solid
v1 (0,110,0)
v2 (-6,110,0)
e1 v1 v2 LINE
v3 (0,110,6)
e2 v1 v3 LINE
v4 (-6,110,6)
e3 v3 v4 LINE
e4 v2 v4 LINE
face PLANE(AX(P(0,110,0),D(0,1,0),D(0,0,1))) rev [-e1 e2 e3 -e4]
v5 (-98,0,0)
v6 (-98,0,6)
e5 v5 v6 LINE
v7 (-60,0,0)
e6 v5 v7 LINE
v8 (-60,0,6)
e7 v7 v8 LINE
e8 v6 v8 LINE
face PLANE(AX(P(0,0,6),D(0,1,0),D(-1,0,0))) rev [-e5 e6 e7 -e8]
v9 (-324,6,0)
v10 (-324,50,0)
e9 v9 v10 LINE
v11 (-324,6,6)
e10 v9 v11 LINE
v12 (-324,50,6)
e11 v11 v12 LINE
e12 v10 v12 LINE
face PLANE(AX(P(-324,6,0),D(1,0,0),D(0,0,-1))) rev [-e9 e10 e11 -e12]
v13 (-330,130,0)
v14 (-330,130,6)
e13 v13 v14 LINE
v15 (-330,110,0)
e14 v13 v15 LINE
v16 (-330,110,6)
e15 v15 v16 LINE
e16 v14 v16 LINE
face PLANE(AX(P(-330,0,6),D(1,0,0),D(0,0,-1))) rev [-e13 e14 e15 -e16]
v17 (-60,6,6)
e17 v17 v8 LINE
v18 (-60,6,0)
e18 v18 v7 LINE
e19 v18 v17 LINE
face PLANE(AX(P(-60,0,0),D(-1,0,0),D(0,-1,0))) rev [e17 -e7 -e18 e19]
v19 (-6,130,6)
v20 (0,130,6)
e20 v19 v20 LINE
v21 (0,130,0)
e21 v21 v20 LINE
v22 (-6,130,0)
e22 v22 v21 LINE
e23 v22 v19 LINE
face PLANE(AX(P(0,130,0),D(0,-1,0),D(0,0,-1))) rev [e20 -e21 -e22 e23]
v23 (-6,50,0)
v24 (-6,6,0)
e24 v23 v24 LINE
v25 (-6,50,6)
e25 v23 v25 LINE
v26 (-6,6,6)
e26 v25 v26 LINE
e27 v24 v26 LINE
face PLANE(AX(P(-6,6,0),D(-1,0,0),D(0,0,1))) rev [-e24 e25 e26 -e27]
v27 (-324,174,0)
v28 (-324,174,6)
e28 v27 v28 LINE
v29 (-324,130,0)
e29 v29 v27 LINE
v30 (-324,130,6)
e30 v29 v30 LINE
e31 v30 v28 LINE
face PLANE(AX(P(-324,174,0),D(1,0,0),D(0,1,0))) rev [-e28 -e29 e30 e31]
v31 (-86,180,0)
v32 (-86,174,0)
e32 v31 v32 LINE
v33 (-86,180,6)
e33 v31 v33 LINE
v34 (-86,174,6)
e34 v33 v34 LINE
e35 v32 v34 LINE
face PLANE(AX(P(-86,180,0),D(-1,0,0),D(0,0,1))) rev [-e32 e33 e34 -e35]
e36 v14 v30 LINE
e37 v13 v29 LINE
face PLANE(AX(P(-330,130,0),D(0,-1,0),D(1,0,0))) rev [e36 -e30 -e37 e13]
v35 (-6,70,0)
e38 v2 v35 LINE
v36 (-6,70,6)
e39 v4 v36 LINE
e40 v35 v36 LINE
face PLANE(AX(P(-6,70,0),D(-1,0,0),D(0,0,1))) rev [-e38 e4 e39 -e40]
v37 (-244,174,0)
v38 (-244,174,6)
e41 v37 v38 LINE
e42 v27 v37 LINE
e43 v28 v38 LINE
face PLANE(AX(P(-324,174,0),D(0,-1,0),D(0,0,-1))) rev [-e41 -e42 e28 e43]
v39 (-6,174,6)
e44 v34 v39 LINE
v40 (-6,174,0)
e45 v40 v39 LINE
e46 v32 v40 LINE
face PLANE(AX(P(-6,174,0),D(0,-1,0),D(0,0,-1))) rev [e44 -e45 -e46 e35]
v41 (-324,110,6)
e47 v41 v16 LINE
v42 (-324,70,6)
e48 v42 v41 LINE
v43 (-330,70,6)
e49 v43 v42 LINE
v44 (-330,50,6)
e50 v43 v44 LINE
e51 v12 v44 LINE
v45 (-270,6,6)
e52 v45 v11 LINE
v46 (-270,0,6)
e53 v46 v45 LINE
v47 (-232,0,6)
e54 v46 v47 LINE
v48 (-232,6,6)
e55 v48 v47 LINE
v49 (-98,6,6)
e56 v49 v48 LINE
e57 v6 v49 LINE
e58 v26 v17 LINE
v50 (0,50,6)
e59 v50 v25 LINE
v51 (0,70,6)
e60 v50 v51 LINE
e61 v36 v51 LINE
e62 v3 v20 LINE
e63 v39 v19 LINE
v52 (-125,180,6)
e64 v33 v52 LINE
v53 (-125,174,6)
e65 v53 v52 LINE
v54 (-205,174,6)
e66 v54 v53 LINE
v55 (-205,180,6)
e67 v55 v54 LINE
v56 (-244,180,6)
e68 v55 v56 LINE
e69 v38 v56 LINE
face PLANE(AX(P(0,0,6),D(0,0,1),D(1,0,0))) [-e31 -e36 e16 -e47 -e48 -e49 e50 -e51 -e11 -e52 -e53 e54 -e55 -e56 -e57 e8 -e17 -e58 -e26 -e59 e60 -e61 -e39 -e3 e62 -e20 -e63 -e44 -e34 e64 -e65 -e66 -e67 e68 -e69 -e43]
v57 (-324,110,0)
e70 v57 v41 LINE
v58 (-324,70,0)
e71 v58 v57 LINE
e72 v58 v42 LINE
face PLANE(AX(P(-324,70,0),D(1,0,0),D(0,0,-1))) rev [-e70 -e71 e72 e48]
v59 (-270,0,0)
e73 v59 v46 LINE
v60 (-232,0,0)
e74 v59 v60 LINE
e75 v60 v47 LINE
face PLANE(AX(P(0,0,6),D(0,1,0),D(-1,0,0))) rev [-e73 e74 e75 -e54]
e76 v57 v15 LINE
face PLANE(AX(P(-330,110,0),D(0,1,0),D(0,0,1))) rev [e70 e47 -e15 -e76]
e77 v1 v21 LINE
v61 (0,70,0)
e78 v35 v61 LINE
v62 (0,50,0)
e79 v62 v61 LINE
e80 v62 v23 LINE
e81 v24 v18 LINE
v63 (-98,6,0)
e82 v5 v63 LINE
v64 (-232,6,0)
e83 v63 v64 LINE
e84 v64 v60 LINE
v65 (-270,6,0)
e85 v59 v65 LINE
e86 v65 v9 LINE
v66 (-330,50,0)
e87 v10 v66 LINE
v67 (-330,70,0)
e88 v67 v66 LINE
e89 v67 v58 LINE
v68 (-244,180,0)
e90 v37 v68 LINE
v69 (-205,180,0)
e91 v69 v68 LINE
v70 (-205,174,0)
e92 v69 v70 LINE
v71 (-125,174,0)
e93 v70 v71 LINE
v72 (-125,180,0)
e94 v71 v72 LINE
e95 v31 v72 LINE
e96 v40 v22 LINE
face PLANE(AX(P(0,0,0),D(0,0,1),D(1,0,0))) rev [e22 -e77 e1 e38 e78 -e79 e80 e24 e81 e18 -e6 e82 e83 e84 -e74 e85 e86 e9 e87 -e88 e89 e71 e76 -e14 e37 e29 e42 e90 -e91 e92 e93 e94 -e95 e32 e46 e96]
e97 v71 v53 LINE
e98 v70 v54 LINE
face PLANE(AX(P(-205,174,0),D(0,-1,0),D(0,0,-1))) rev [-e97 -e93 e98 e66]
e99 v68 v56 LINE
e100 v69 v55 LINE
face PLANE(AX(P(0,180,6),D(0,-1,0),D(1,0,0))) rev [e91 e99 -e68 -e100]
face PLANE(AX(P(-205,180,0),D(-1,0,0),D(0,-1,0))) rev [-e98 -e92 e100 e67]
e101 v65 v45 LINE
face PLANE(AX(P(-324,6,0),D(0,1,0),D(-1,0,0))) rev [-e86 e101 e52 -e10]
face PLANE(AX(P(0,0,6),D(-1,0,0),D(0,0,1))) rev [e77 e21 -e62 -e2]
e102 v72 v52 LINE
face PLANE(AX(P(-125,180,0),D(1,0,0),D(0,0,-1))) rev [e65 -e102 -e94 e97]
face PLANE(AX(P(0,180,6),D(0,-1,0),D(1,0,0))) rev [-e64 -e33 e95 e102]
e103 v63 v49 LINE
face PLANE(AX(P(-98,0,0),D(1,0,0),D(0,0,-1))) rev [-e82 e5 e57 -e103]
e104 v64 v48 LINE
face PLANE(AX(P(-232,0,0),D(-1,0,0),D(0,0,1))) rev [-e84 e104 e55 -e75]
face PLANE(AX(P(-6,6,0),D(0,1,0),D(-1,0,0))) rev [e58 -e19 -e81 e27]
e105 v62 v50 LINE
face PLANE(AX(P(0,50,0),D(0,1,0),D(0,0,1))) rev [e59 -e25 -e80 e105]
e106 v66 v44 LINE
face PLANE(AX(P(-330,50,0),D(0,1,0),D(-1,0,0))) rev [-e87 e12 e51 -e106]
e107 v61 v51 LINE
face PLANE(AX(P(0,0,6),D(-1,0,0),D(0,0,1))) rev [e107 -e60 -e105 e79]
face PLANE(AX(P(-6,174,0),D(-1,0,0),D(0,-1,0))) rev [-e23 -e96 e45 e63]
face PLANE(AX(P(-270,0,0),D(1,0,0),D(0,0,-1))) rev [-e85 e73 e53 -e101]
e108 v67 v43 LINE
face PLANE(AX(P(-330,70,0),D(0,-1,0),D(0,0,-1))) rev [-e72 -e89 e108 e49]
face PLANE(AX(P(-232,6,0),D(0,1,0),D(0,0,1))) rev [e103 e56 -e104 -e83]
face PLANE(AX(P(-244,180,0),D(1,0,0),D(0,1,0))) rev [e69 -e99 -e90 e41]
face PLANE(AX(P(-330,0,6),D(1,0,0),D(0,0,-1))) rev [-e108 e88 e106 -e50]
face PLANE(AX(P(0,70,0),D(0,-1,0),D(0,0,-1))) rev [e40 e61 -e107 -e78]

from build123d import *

# Parameters (mm, degrees)
ESQUISSE1_W             = 330
ESQUISSE1_H             = 180
BOSS_EXTRU_1_DEPTH      = 6
ESQUISSE2_W             = 6
ESQUISSE2_H             = 40
ESQUISSE2_W_2           = 80
ESQUISSE2_H_2           = 6
ESQUISSE2_W_3           = 134
ENL_V_MAT_EXTRU_1_DEPTH = 376.946804748


with BuildPart() as part:
    # Esquisse1 → Boss.-Extru.1 (new body)
    with BuildSketch(Plane.XY):
        with Locations((-165, 90)):
            Rectangle(ESQUISSE1_W, ESQUISSE1_H)
    extrude(amount=BOSS_EXTRU_1_DEPTH)

    # Esquisse2 → Enlèv. mat.-Extru.1 (cut, through all)
    with BuildSketch(Plane.XY.offset(6)):
        Polygon((-330, 180), (-330, 130), (-324, 130), (-324, 174), (-244, 174), (-244, 180), align=None)
        Polygon((-330, 0), (-330, 50), (-324, 50), (-324, 6), (-270, 6), (-270, 0), align=None)
        with Locations((-327, 90)):
            Rectangle(ESQUISSE2_W, ESQUISSE2_H)
        Polygon((0, 180), (0, 130), (-6, 130), (-6, 174), (-86, 174), (-86, 180), align=None)
        Polygon((0, 0), (0, 50), (-6, 50), (-6, 6), (-60, 6), (-60, 0), align=None)
        with Locations((-3, 90)):
            Rectangle(ESQUISSE2_W, ESQUISSE2_H)
        with Locations((-165, 177)):
            Rectangle(ESQUISSE2_W_2, ESQUISSE2_H_2)
        with Locations((-165, 3)):
            Rectangle(ESQUISSE2_W_3, ESQUISSE2_H_2)
    extrude(amount=-ENL_V_MAT_EXTRU_1_DEPTH, mode=Mode.SUBTRACT)


solid = part.part
